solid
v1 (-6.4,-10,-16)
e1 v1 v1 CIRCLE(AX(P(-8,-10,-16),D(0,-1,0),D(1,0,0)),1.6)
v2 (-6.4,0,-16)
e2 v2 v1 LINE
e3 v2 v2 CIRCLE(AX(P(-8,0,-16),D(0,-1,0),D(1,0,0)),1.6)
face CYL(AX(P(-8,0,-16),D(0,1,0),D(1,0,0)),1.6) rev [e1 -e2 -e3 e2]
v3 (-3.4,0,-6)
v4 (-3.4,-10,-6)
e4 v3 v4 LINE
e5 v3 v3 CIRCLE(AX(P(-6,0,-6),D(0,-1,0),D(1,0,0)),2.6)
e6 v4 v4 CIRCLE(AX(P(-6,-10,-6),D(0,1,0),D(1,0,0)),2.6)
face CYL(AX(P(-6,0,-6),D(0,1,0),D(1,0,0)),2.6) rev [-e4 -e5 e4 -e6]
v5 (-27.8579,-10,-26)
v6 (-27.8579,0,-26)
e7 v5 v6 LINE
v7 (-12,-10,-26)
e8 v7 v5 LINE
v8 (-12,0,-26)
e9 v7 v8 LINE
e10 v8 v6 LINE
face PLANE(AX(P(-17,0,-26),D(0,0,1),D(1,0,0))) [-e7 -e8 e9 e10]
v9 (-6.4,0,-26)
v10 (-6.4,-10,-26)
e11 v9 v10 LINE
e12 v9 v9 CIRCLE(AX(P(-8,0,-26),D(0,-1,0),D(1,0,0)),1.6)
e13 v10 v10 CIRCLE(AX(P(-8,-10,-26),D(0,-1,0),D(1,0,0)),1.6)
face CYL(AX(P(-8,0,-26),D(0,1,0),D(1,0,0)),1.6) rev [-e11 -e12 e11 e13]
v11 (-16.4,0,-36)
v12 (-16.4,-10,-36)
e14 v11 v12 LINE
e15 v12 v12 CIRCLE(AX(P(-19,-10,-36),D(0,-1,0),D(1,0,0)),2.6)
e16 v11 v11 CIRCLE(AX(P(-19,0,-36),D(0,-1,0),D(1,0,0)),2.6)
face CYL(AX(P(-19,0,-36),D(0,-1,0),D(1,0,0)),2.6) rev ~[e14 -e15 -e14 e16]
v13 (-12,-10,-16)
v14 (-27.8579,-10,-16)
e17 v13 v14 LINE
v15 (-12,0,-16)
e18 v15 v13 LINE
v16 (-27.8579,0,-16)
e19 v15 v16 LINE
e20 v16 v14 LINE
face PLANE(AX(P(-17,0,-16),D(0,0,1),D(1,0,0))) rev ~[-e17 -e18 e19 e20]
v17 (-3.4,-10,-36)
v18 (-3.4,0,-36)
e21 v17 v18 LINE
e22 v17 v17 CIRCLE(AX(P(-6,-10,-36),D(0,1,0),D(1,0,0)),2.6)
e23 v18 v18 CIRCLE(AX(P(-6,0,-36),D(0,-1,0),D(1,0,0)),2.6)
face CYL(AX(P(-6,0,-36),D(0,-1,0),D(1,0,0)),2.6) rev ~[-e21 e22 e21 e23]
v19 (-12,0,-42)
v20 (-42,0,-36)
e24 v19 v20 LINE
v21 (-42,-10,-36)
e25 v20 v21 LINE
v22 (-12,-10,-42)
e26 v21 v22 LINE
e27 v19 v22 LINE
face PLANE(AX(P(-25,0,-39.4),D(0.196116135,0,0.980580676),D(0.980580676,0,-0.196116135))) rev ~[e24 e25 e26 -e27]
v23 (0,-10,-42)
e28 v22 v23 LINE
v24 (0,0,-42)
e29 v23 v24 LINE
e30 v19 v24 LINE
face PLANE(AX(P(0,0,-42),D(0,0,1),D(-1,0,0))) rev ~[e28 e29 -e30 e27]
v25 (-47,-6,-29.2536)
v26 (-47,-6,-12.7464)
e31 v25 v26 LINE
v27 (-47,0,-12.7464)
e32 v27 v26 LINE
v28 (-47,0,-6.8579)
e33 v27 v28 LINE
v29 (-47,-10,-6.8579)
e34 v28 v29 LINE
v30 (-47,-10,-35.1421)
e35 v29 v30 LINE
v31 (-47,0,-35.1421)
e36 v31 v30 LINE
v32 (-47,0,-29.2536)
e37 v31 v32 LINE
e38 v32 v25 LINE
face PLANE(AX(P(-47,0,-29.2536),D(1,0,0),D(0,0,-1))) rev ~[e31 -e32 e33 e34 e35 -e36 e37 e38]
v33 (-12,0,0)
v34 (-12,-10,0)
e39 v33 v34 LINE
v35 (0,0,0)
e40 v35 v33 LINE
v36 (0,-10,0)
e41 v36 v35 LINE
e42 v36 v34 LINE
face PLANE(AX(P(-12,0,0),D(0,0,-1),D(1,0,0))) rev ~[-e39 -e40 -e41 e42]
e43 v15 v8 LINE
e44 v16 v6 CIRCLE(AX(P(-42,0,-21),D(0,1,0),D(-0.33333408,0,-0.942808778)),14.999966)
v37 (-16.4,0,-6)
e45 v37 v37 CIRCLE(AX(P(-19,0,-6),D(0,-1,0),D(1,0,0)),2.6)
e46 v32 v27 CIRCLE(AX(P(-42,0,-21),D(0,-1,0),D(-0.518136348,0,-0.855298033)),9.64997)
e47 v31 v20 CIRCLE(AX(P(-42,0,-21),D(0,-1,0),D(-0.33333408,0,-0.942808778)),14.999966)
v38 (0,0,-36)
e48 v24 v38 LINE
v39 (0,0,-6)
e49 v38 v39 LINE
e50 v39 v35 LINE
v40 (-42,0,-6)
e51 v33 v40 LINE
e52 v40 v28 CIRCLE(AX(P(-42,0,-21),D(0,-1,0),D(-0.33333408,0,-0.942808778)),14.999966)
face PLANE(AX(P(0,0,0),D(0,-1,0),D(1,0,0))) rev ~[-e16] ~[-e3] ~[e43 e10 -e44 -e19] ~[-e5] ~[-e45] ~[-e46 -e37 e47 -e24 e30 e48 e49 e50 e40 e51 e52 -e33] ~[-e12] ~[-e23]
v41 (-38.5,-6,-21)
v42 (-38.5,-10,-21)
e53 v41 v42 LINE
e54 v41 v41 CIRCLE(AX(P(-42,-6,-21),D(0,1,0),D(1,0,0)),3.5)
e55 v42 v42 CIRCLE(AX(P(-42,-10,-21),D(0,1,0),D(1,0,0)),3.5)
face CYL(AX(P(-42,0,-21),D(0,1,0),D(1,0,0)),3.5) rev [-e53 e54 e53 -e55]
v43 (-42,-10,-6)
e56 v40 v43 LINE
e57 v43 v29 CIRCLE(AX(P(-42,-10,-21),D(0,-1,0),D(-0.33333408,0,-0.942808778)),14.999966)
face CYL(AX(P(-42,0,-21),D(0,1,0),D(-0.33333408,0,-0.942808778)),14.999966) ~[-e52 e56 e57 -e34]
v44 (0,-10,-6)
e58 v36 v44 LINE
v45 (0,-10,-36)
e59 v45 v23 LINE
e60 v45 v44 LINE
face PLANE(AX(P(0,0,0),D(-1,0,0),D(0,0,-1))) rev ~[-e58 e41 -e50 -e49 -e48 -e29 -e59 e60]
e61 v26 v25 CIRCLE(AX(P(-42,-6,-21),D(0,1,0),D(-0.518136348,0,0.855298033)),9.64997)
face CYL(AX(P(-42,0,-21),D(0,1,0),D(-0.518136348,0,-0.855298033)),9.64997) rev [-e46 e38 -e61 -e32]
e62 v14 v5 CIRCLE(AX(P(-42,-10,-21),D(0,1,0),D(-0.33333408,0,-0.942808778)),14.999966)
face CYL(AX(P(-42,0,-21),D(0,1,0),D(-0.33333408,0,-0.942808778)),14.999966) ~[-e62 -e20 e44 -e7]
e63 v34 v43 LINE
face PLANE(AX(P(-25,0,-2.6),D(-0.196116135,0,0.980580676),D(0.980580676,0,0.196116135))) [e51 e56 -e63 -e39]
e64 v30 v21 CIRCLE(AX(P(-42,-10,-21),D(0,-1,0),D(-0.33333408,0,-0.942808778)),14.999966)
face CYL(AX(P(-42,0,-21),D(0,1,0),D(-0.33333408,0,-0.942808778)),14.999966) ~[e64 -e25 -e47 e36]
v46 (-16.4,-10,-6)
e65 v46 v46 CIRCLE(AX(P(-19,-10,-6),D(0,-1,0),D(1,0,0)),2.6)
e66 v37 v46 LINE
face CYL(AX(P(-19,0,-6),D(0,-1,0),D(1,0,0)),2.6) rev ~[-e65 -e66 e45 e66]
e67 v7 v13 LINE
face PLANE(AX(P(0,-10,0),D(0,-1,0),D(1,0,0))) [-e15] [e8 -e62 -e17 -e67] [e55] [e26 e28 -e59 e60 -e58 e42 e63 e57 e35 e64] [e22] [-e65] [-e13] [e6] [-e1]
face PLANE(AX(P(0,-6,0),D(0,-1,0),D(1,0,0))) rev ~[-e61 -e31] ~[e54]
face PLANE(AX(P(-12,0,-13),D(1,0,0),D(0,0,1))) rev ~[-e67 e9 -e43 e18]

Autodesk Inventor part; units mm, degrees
ref_plane "YZ Plane" through (0, 0, 0) normal (1, 0, 0) x (0, 1, 0)
ref_plane "XZ Plane" through (0, 0, 0) normal (0, 1, 0) x (-1, 0, 0)
ref_plane "XY Plane" through (0, 0, 0) normal (0, 0, 1) x (1, 0, 0)
sketch "Sketch1" plane through (0, 0, 0) normal (0, 1, 0) x (-1, 0, 0)
  line L0 (0, 0) -> (0, -42)
  line L1 (0, -42) -> (12, -42)
  line L2 (12, -42) -> (12, 0)
  line L3 (12, 0) -> (0, 0)
  line L4 (0, -21) -> (0, -26)
  line L5 (0, -21) -> (0, -16)
  line L6 (0, -16) -> (0, -19)
  line L7 (0, -16) -> (0, -13)
  line L8 (0, -26) -> (0, -23)
  line L9 (0, -26) -> (0, -29)
  line L10 (0, -29) -> (12, -29)
  line L11 (0, -13) -> (12, -13)
  line L12 (6.4, -16) -> (12, -16)
  line L13 (6.4, -26) -> (12, -26)
  line L14 (12, -16) -> (8, -16)
  circle A0 centre (8, -16) radius 1.6
  circle A1 centre (8, -26) radius 1.6
  line L15 (12, -26) -> (8, -26)
  dimension "d9" = 3.2
  dimension "d10" = 3.2
  dimension "d0" = 42
  dimension "d1" = 12
  dimension "d2" = 5
  dimension "d3" = 5
  dimension "d4" = 3
  dimension "d5" = 3
  dimension "d6" = 3
  dimension "d7" = 3
  dimension "d8" = 4
extrude "Extrusion1" add sketch "Sketch1" along normal blind 15
sketch "Sketch2" plane through (0, 0, 0) normal (0, -1, 0) x (1, 0, 0)
  line L0 (-12, 0) -> (-12, -42)
  line L1 (-12, -42) -> (-12, 0) projected
  line L2 (-12, -21) -> (-42, -21)
  circle A0 centre (-42, -21) radius 3.5
  arc A1 (-47, -35.1421) -> (-47, -6.8579) centre (-42, -21) ccw
  line L3 (-42, -21) -> (-47, -21)
  line L4 (-47, -21) -> (-47, -35.1421)
  line L5 (-47, -21) -> (-47, -6.8579)
  line L6 (-42, -36) -> (-12, -42)
  line L7 (-42, -6) -> (-12, 0)
  line L8 (-12, -42) -> (0, -42)
  line L9 (0, -42) -> (0, 0)
  line L10 (0, 0) -> (0, -42) projected
  line L11 (0, 0) -> (-12, 0)
  circle A2 centre (-8, -16) radius 1.6 projected
  circle A3 centre (-8, -16) radius 1.6
  circle A4 centre (-8, -26) radius 1.6 projected
  circle A5 centre (-8, -26) radius 1.6
  line L12 (-12, -42) -> (-12, -36.5)
  line L13 (-12, 0) -> (-12, -5.5)
  line L14 (-17, -6.5) -> (-32.2985, -9.5597)
  line L15 (-32.2985, -32.4403) -> (-17, -35.5)
  circle A6 centre (-42, -21) radius 5
  line L16 (-12, -21) -> (-17, -21)
  line L17 (-17, -16) -> (-17, -6.5)
  line L18 (-17, -26) -> (-17, -35.5)
  line L19 (-42, -16) -> (-33.9223, -16)
  line L20 (-27.8579, -16) -> (-12, -16)
  line L21 (-42, -26) -> (-33.9223, -26)
  line L22 (-27.8579, -26) -> (-12, -26)
  arc A7 (-47, -29.2536) -> (-47, -12.7464) centre (-42, -21) ccw
  line L23 (-12, -21) -> (-12, -31)
  line L24 (-12, -31) -> (-25, -31)
  line L25 (-25, -31) -> (-25, -41)
  line L26 (-25, -41) -> (0, -41)
  line L27 (-12, -21) -> (-12, -11)
  line L28 (-12, -11) -> (-25, -11)
  line L29 (-25, -11) -> (-25, -1)
  line L30 (-25, -1) -> (0, -1)
  line L31 (0, -1) -> (0, -6)
  line L32 (0, -6) -> (-6, -6)
  line L33 (-25, -1) -> (-25, -6)
  line L34 (-25, -6) -> (-19, -6)
  line L35 (-25, -31) -> (-25, -36)
  line L36 (-25, -36) -> (-19, -36)
  circle A8 centre (-19, -36) radius 2.6
  line L37 (0, -41) -> (0, -36)
  line L38 (0, -36) -> (-6, -36)
  circle A9 centre (-6, -36) radius 2.6
  circle A10 centre (-6, -6) radius 2.6
  circle A11 centre (-19, -6) radius 2.6
  line L39 (-27.8579, -16) -> (-12, -16)
  line L40 (-12, -16) -> (-12, -26)
  line L41 (-12, -26) -> (-27.8579, -26)
  point P0 (-47, -12.9223)
  point P1 (-47, -29.0777)
  dimension "d13" = 30
  dimension "d14" = 7
  dimension "d16" = 30
  dimension "d17" = 5
  dimension "d30" = 5.5
  dimension "d31" = 5.5
  dimension "d32" = 10
  dimension "d33" = 5
  dimension "d36" = 19.3
  dimension "d39" = 10
  dimension "d40" = 13
  dimension "d41" = 10
  dimension "d42" = 25
  dimension "d48" = 10
  dimension "d49" = 13
  dimension "d50" = 10
  dimension "d51" = 25
  dimension "d52" = 5
  dimension "d53" = 6
  dimension "d54" = 6
  dimension "d55" = 5
  dimension "d56" = 6
  dimension "d57" = 5.2
  dimension "d58" = 5
  dimension "d59" = 6
  dimension "d60" = 5.2
  dimension "d61" = 5.2
  dimension "d62" = 5.2
extrude "Extrusion2" add sketch "Sketch2" along normal blind 10 contours A9 | A10 | L0 L30 L9 L26 | L0 L28 L17 A11 L34 L29 L7 L30 | L0 L20 L17 L28 | L30 L7 L0 | L0 L11 L9 L30 | L0 L2 A1 L20 | L28 L29 L14 A11 L17 | L17 L20 A1 L14 L29 L28 | L0 L22 A1 L2 | A11 L14 L17 | L17 L14 A11 | L29 L14 A1 L7 | L0 L24 L18 L22 | A1 L2 A7 L5 | L14 L29 L34 A11 | L0 L26 L6 L25 L36 A8 L18 L24 | L18 L24 L25 L15 A1 L22 | A1 L4 A7 L2 | L9 L8 L0 L26 | L18 A8 L15 L25 L24 | A7 L4 A6 L2 | L2 A6 L5 A7 | L0 L6 L26 | A8 L15 L18 | L18 L15 A8 | L15 L25 L6 A1 | A6 L3 A0 L2 | L2 A0 L3 A6 | A8 L36 L25 L15
extrude "Extrusion6" cut sketch "Sketch2" along normal blind 6 contours A7 L4 A6 L2 | L2 A6 L5 A7 | A6 L3 A0 L2 | L2 A0 L3 A6
extrude "Extrusion7" cut sketch "Sketch2" along normal mid plane 40 contours A9 | A10 | L0 L2 A1 L20 | L0 L22 A1 L2 | A11 L14 L17 | L17 L14 A11 | A8 L15 L18 | L18 L15 A8
extrude "Extrusion8" cut sketch "Sketch2" against normal blind 40 contours A9 | A10 | L0 L30 L9 L26 | L0 L28 L17 A11 L34 L29 L7 L30 | L0 L11 L9 L30 | L28 L29 L14 A11 L17 | L7 L29 L30 | L14 L29 L34 A11 | L0 L26 L6 L25 L36 A8 L18 L24 | L9 L8 L0 L26 | L18 A8 L15 L25 L24 | L26 L25 L6 | A8 L36 L25 L15 | A2 | A4
properties part number "servo_clip_holder2_final"
